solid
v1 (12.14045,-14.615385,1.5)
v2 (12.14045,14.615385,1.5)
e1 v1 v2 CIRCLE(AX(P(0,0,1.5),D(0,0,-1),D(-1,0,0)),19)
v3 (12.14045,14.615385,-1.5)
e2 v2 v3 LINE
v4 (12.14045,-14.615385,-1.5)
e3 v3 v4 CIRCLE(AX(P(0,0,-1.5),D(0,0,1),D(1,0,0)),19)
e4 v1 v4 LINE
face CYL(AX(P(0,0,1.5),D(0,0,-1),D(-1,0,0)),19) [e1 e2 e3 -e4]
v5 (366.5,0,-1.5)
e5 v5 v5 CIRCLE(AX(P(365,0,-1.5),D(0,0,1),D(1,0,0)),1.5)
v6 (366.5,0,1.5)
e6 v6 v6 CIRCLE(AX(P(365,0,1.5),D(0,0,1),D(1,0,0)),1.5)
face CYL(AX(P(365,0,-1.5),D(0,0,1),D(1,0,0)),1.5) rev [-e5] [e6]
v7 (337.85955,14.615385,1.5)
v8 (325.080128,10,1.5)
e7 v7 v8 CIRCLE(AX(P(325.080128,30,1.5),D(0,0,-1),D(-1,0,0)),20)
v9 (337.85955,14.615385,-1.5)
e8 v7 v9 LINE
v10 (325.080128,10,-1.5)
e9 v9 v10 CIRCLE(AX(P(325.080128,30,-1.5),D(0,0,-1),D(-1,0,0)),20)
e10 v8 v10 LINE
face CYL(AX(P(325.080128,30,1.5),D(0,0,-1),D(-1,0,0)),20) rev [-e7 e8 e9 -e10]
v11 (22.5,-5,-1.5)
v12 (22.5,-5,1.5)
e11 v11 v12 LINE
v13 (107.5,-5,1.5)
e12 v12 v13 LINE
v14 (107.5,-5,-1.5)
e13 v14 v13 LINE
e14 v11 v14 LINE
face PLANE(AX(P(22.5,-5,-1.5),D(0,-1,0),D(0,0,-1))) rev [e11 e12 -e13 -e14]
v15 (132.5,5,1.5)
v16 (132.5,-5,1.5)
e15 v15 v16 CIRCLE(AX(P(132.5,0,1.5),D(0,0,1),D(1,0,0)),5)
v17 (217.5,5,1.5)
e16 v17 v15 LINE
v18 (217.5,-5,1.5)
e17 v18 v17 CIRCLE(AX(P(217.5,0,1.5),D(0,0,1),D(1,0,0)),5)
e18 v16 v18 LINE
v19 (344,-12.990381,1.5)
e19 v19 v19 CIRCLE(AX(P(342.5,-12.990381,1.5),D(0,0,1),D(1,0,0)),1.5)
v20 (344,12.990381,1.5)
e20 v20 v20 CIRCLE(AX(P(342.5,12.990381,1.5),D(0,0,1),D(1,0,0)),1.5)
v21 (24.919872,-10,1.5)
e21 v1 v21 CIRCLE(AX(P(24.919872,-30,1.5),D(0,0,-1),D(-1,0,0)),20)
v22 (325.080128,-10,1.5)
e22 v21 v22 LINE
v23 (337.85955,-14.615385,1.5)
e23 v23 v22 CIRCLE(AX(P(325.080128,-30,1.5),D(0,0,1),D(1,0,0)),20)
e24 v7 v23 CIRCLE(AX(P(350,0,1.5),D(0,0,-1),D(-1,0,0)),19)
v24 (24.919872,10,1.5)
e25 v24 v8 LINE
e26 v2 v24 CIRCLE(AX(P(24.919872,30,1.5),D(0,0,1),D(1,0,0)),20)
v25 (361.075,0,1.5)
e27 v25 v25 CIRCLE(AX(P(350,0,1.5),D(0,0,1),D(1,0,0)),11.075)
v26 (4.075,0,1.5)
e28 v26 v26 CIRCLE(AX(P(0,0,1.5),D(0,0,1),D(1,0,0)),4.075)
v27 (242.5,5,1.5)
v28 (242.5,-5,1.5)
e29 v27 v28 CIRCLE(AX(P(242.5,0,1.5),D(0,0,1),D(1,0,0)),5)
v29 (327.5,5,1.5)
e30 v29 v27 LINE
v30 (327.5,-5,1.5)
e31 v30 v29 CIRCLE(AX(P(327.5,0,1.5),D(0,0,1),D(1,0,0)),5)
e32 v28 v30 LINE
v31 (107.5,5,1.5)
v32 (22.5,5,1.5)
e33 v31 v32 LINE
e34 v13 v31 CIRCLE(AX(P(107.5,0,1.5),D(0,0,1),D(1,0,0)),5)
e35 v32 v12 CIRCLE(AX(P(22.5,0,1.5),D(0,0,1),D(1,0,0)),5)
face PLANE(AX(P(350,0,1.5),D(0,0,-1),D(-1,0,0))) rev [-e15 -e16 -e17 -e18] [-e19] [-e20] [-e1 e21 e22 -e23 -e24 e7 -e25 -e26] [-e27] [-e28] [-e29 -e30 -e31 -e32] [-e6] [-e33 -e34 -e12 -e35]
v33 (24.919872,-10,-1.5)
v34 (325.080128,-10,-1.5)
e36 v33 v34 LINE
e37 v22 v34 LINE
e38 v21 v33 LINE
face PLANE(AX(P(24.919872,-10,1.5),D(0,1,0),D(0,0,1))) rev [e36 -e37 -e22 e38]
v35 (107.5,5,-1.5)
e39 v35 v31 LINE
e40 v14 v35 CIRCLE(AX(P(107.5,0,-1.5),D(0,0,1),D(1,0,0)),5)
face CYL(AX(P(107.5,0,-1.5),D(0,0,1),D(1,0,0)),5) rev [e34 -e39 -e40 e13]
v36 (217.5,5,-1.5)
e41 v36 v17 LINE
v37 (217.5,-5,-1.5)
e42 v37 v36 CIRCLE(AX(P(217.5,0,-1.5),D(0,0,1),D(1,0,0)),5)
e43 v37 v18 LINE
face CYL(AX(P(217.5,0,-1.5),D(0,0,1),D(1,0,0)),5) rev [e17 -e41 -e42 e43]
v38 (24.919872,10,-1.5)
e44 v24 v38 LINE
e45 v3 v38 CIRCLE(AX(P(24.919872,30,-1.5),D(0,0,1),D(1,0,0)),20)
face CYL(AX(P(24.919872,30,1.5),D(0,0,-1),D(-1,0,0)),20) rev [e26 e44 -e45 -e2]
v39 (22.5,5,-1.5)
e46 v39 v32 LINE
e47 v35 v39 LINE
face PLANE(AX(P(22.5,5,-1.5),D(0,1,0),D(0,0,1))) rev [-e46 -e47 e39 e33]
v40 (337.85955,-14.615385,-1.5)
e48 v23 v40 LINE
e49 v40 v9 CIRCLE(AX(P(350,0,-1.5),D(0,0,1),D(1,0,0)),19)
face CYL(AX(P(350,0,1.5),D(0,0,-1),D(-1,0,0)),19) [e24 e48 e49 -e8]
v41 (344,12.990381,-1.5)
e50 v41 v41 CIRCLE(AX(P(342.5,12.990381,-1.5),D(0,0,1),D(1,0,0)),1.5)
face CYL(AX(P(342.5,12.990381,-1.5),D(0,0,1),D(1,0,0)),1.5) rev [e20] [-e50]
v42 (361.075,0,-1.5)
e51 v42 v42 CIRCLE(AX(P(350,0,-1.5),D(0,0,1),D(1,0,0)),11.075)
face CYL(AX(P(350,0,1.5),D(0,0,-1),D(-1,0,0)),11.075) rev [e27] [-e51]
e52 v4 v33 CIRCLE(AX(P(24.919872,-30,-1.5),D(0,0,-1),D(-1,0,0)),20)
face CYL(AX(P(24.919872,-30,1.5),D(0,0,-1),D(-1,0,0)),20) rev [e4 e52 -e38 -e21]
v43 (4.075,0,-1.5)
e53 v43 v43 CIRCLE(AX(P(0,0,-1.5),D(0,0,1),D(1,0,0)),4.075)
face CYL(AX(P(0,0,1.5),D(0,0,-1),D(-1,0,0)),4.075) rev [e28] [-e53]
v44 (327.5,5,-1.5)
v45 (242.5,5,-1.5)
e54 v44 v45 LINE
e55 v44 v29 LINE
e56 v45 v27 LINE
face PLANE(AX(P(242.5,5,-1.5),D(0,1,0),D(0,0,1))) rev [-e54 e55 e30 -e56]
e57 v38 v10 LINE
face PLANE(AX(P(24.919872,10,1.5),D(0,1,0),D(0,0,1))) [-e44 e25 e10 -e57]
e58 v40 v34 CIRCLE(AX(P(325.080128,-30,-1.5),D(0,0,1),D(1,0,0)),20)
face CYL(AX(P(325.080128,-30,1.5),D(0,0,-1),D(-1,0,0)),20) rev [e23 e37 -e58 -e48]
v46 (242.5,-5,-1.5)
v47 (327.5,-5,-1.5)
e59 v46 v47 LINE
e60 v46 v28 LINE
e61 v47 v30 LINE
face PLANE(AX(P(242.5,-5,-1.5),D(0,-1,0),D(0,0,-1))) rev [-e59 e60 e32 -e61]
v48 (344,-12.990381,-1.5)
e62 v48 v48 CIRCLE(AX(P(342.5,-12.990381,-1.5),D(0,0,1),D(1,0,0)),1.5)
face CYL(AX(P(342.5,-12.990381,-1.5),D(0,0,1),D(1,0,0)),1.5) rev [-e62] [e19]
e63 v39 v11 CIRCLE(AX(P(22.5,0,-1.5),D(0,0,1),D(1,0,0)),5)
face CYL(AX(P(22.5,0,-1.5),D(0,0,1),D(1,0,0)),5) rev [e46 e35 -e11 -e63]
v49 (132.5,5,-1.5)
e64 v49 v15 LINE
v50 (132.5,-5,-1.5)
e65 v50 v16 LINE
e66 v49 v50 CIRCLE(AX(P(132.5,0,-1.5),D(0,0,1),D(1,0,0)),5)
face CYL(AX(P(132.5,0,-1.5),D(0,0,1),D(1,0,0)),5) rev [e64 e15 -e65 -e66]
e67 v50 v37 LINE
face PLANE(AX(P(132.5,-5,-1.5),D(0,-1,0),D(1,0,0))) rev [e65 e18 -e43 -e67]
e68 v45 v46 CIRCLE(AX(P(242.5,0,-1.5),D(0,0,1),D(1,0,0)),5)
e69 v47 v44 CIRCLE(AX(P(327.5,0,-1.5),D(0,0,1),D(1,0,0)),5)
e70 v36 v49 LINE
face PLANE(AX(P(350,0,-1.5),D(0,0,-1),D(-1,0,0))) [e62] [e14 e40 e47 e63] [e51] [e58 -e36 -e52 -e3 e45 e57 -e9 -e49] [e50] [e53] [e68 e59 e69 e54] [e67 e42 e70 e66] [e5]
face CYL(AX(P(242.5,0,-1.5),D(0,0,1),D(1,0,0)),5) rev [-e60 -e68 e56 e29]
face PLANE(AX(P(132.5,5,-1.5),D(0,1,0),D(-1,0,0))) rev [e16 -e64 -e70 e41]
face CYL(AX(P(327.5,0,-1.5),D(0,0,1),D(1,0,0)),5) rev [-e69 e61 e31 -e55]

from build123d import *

# Parameters (mm, degrees)
SKETCH1_R               = 4.075
SKETCH1_R_2             = 11.075
BOSS_EXTRUDE1_DEPTH     = 1.5
CUT_EXTRUDE2_DEPTH      = 370.491880831
CUT_EXTRUDE2_DEPTH_BACK = 370.491880831
SKETCH3_R               = 1.5
CUT_EXTRUDE3_DEPTH      = 370.491880831
CUT_EXTRUDE3_DEPTH_BACK = 370.491880831


with BuildPart() as part:
    # Sketch1 → Boss-Extrude1 (new, symmetric)
    with BuildSketch(Plane.XY):
        with BuildLine():
            Line((24.919871589, 10), (325.080128411, 10))
            ThreePointArc((325.080128411, 10), (331.873790616, 11.189201137), (337.859549739, 14.615384615))
            ThreePointArc((337.859549739, 14.615384615), (343.546020905, 17.870258919), (350, 19))
            ThreePointArc((350, 19), (369, 0), (350, -19))
            ThreePointArc((350, -19), (343.546020905, -17.870258919), (337.859549739, -14.615384615))
            ThreePointArc((337.859549739, -14.615384615), (331.873790616, -11.189201137), (325.080128411, -10))
            Line((325.080128411, -10), (24.919871589, -10))
            ThreePointArc((24.919871589, -10), (18.126209384, -11.189201137), (12.140450261, -14.615384615))
            ThreePointArc((12.140450261, -14.615384615), (6.453979095, -17.870258919), (0, -19))
            ThreePointArc((0, -19), (-19, 0), (0, 19))
            ThreePointArc((0, 19), (6.453979095, 17.870258919), (12.140450261, 14.615384615))
            ThreePointArc((12.140450261, 14.615384615), (18.126209384, 11.189201137), (24.919871589, 10))
        make_face()
        Circle(SKETCH1_R, mode=Mode.SUBTRACT)
        with Locations((350, 0)):
            Circle(SKETCH1_R_2, mode=Mode.SUBTRACT)
    extrude(amount=BOSS_EXTRUDE1_DEPTH, both=True)

    # Sketch3 → Cut-Extrude2 (cut, two sides: drawn at the far end of the back side and taken through both)
    with BuildSketch(Plane.XY.offset(-CUT_EXTRUDE2_DEPTH_BACK)):
        with Locations((365, 0)):
            Circle(SKETCH3_R)
        with Locations((342.5, -12.990381057)):
            Circle(SKETCH3_R)
        with Locations((342.5, 12.990381057)):
            Circle(SKETCH3_R)
    extrude(amount=CUT_EXTRUDE2_DEPTH + CUT_EXTRUDE2_DEPTH_BACK, mode=Mode.SUBTRACT)

    # Sketch4 → Cut-Extrude3 (cut, two sides: drawn at the far end of the back side and taken through both)
    with BuildSketch(Plane.XY.offset(-CUT_EXTRUDE3_DEPTH_BACK)):
        with BuildLine():
            Line((22.5, 5), (107.5, 5))
            ThreePointArc((107.5, 5), (112.5, 0), (107.5, -5))
            Line((107.5, -5), (22.5, -5))
            ThreePointArc((22.5, -5), (17.5, 0), (22.5, 5))
        make_face()
        with BuildLine():
            Line((132.5, 5), (217.5, 5))
            ThreePointArc((217.5, 5), (222.5, 0), (217.5, -5))
            Line((217.5, -5), (132.5, -5))
            ThreePointArc((132.5, -5), (127.5, 0), (132.5, 5))
        make_face()
        with BuildLine():
            Line((242.5, 5), (327.5, 5))
            ThreePointArc((327.5, 5), (332.5, 0), (327.5, -5))
            Line((327.5, -5), (242.5, -5))
            ThreePointArc((242.5, -5), (237.5, 0), (242.5, 5))
        make_face()
    extrude(amount=CUT_EXTRUDE3_DEPTH + CUT_EXTRUDE3_DEPTH_BACK, mode=Mode.SUBTRACT)


solid = part.part
